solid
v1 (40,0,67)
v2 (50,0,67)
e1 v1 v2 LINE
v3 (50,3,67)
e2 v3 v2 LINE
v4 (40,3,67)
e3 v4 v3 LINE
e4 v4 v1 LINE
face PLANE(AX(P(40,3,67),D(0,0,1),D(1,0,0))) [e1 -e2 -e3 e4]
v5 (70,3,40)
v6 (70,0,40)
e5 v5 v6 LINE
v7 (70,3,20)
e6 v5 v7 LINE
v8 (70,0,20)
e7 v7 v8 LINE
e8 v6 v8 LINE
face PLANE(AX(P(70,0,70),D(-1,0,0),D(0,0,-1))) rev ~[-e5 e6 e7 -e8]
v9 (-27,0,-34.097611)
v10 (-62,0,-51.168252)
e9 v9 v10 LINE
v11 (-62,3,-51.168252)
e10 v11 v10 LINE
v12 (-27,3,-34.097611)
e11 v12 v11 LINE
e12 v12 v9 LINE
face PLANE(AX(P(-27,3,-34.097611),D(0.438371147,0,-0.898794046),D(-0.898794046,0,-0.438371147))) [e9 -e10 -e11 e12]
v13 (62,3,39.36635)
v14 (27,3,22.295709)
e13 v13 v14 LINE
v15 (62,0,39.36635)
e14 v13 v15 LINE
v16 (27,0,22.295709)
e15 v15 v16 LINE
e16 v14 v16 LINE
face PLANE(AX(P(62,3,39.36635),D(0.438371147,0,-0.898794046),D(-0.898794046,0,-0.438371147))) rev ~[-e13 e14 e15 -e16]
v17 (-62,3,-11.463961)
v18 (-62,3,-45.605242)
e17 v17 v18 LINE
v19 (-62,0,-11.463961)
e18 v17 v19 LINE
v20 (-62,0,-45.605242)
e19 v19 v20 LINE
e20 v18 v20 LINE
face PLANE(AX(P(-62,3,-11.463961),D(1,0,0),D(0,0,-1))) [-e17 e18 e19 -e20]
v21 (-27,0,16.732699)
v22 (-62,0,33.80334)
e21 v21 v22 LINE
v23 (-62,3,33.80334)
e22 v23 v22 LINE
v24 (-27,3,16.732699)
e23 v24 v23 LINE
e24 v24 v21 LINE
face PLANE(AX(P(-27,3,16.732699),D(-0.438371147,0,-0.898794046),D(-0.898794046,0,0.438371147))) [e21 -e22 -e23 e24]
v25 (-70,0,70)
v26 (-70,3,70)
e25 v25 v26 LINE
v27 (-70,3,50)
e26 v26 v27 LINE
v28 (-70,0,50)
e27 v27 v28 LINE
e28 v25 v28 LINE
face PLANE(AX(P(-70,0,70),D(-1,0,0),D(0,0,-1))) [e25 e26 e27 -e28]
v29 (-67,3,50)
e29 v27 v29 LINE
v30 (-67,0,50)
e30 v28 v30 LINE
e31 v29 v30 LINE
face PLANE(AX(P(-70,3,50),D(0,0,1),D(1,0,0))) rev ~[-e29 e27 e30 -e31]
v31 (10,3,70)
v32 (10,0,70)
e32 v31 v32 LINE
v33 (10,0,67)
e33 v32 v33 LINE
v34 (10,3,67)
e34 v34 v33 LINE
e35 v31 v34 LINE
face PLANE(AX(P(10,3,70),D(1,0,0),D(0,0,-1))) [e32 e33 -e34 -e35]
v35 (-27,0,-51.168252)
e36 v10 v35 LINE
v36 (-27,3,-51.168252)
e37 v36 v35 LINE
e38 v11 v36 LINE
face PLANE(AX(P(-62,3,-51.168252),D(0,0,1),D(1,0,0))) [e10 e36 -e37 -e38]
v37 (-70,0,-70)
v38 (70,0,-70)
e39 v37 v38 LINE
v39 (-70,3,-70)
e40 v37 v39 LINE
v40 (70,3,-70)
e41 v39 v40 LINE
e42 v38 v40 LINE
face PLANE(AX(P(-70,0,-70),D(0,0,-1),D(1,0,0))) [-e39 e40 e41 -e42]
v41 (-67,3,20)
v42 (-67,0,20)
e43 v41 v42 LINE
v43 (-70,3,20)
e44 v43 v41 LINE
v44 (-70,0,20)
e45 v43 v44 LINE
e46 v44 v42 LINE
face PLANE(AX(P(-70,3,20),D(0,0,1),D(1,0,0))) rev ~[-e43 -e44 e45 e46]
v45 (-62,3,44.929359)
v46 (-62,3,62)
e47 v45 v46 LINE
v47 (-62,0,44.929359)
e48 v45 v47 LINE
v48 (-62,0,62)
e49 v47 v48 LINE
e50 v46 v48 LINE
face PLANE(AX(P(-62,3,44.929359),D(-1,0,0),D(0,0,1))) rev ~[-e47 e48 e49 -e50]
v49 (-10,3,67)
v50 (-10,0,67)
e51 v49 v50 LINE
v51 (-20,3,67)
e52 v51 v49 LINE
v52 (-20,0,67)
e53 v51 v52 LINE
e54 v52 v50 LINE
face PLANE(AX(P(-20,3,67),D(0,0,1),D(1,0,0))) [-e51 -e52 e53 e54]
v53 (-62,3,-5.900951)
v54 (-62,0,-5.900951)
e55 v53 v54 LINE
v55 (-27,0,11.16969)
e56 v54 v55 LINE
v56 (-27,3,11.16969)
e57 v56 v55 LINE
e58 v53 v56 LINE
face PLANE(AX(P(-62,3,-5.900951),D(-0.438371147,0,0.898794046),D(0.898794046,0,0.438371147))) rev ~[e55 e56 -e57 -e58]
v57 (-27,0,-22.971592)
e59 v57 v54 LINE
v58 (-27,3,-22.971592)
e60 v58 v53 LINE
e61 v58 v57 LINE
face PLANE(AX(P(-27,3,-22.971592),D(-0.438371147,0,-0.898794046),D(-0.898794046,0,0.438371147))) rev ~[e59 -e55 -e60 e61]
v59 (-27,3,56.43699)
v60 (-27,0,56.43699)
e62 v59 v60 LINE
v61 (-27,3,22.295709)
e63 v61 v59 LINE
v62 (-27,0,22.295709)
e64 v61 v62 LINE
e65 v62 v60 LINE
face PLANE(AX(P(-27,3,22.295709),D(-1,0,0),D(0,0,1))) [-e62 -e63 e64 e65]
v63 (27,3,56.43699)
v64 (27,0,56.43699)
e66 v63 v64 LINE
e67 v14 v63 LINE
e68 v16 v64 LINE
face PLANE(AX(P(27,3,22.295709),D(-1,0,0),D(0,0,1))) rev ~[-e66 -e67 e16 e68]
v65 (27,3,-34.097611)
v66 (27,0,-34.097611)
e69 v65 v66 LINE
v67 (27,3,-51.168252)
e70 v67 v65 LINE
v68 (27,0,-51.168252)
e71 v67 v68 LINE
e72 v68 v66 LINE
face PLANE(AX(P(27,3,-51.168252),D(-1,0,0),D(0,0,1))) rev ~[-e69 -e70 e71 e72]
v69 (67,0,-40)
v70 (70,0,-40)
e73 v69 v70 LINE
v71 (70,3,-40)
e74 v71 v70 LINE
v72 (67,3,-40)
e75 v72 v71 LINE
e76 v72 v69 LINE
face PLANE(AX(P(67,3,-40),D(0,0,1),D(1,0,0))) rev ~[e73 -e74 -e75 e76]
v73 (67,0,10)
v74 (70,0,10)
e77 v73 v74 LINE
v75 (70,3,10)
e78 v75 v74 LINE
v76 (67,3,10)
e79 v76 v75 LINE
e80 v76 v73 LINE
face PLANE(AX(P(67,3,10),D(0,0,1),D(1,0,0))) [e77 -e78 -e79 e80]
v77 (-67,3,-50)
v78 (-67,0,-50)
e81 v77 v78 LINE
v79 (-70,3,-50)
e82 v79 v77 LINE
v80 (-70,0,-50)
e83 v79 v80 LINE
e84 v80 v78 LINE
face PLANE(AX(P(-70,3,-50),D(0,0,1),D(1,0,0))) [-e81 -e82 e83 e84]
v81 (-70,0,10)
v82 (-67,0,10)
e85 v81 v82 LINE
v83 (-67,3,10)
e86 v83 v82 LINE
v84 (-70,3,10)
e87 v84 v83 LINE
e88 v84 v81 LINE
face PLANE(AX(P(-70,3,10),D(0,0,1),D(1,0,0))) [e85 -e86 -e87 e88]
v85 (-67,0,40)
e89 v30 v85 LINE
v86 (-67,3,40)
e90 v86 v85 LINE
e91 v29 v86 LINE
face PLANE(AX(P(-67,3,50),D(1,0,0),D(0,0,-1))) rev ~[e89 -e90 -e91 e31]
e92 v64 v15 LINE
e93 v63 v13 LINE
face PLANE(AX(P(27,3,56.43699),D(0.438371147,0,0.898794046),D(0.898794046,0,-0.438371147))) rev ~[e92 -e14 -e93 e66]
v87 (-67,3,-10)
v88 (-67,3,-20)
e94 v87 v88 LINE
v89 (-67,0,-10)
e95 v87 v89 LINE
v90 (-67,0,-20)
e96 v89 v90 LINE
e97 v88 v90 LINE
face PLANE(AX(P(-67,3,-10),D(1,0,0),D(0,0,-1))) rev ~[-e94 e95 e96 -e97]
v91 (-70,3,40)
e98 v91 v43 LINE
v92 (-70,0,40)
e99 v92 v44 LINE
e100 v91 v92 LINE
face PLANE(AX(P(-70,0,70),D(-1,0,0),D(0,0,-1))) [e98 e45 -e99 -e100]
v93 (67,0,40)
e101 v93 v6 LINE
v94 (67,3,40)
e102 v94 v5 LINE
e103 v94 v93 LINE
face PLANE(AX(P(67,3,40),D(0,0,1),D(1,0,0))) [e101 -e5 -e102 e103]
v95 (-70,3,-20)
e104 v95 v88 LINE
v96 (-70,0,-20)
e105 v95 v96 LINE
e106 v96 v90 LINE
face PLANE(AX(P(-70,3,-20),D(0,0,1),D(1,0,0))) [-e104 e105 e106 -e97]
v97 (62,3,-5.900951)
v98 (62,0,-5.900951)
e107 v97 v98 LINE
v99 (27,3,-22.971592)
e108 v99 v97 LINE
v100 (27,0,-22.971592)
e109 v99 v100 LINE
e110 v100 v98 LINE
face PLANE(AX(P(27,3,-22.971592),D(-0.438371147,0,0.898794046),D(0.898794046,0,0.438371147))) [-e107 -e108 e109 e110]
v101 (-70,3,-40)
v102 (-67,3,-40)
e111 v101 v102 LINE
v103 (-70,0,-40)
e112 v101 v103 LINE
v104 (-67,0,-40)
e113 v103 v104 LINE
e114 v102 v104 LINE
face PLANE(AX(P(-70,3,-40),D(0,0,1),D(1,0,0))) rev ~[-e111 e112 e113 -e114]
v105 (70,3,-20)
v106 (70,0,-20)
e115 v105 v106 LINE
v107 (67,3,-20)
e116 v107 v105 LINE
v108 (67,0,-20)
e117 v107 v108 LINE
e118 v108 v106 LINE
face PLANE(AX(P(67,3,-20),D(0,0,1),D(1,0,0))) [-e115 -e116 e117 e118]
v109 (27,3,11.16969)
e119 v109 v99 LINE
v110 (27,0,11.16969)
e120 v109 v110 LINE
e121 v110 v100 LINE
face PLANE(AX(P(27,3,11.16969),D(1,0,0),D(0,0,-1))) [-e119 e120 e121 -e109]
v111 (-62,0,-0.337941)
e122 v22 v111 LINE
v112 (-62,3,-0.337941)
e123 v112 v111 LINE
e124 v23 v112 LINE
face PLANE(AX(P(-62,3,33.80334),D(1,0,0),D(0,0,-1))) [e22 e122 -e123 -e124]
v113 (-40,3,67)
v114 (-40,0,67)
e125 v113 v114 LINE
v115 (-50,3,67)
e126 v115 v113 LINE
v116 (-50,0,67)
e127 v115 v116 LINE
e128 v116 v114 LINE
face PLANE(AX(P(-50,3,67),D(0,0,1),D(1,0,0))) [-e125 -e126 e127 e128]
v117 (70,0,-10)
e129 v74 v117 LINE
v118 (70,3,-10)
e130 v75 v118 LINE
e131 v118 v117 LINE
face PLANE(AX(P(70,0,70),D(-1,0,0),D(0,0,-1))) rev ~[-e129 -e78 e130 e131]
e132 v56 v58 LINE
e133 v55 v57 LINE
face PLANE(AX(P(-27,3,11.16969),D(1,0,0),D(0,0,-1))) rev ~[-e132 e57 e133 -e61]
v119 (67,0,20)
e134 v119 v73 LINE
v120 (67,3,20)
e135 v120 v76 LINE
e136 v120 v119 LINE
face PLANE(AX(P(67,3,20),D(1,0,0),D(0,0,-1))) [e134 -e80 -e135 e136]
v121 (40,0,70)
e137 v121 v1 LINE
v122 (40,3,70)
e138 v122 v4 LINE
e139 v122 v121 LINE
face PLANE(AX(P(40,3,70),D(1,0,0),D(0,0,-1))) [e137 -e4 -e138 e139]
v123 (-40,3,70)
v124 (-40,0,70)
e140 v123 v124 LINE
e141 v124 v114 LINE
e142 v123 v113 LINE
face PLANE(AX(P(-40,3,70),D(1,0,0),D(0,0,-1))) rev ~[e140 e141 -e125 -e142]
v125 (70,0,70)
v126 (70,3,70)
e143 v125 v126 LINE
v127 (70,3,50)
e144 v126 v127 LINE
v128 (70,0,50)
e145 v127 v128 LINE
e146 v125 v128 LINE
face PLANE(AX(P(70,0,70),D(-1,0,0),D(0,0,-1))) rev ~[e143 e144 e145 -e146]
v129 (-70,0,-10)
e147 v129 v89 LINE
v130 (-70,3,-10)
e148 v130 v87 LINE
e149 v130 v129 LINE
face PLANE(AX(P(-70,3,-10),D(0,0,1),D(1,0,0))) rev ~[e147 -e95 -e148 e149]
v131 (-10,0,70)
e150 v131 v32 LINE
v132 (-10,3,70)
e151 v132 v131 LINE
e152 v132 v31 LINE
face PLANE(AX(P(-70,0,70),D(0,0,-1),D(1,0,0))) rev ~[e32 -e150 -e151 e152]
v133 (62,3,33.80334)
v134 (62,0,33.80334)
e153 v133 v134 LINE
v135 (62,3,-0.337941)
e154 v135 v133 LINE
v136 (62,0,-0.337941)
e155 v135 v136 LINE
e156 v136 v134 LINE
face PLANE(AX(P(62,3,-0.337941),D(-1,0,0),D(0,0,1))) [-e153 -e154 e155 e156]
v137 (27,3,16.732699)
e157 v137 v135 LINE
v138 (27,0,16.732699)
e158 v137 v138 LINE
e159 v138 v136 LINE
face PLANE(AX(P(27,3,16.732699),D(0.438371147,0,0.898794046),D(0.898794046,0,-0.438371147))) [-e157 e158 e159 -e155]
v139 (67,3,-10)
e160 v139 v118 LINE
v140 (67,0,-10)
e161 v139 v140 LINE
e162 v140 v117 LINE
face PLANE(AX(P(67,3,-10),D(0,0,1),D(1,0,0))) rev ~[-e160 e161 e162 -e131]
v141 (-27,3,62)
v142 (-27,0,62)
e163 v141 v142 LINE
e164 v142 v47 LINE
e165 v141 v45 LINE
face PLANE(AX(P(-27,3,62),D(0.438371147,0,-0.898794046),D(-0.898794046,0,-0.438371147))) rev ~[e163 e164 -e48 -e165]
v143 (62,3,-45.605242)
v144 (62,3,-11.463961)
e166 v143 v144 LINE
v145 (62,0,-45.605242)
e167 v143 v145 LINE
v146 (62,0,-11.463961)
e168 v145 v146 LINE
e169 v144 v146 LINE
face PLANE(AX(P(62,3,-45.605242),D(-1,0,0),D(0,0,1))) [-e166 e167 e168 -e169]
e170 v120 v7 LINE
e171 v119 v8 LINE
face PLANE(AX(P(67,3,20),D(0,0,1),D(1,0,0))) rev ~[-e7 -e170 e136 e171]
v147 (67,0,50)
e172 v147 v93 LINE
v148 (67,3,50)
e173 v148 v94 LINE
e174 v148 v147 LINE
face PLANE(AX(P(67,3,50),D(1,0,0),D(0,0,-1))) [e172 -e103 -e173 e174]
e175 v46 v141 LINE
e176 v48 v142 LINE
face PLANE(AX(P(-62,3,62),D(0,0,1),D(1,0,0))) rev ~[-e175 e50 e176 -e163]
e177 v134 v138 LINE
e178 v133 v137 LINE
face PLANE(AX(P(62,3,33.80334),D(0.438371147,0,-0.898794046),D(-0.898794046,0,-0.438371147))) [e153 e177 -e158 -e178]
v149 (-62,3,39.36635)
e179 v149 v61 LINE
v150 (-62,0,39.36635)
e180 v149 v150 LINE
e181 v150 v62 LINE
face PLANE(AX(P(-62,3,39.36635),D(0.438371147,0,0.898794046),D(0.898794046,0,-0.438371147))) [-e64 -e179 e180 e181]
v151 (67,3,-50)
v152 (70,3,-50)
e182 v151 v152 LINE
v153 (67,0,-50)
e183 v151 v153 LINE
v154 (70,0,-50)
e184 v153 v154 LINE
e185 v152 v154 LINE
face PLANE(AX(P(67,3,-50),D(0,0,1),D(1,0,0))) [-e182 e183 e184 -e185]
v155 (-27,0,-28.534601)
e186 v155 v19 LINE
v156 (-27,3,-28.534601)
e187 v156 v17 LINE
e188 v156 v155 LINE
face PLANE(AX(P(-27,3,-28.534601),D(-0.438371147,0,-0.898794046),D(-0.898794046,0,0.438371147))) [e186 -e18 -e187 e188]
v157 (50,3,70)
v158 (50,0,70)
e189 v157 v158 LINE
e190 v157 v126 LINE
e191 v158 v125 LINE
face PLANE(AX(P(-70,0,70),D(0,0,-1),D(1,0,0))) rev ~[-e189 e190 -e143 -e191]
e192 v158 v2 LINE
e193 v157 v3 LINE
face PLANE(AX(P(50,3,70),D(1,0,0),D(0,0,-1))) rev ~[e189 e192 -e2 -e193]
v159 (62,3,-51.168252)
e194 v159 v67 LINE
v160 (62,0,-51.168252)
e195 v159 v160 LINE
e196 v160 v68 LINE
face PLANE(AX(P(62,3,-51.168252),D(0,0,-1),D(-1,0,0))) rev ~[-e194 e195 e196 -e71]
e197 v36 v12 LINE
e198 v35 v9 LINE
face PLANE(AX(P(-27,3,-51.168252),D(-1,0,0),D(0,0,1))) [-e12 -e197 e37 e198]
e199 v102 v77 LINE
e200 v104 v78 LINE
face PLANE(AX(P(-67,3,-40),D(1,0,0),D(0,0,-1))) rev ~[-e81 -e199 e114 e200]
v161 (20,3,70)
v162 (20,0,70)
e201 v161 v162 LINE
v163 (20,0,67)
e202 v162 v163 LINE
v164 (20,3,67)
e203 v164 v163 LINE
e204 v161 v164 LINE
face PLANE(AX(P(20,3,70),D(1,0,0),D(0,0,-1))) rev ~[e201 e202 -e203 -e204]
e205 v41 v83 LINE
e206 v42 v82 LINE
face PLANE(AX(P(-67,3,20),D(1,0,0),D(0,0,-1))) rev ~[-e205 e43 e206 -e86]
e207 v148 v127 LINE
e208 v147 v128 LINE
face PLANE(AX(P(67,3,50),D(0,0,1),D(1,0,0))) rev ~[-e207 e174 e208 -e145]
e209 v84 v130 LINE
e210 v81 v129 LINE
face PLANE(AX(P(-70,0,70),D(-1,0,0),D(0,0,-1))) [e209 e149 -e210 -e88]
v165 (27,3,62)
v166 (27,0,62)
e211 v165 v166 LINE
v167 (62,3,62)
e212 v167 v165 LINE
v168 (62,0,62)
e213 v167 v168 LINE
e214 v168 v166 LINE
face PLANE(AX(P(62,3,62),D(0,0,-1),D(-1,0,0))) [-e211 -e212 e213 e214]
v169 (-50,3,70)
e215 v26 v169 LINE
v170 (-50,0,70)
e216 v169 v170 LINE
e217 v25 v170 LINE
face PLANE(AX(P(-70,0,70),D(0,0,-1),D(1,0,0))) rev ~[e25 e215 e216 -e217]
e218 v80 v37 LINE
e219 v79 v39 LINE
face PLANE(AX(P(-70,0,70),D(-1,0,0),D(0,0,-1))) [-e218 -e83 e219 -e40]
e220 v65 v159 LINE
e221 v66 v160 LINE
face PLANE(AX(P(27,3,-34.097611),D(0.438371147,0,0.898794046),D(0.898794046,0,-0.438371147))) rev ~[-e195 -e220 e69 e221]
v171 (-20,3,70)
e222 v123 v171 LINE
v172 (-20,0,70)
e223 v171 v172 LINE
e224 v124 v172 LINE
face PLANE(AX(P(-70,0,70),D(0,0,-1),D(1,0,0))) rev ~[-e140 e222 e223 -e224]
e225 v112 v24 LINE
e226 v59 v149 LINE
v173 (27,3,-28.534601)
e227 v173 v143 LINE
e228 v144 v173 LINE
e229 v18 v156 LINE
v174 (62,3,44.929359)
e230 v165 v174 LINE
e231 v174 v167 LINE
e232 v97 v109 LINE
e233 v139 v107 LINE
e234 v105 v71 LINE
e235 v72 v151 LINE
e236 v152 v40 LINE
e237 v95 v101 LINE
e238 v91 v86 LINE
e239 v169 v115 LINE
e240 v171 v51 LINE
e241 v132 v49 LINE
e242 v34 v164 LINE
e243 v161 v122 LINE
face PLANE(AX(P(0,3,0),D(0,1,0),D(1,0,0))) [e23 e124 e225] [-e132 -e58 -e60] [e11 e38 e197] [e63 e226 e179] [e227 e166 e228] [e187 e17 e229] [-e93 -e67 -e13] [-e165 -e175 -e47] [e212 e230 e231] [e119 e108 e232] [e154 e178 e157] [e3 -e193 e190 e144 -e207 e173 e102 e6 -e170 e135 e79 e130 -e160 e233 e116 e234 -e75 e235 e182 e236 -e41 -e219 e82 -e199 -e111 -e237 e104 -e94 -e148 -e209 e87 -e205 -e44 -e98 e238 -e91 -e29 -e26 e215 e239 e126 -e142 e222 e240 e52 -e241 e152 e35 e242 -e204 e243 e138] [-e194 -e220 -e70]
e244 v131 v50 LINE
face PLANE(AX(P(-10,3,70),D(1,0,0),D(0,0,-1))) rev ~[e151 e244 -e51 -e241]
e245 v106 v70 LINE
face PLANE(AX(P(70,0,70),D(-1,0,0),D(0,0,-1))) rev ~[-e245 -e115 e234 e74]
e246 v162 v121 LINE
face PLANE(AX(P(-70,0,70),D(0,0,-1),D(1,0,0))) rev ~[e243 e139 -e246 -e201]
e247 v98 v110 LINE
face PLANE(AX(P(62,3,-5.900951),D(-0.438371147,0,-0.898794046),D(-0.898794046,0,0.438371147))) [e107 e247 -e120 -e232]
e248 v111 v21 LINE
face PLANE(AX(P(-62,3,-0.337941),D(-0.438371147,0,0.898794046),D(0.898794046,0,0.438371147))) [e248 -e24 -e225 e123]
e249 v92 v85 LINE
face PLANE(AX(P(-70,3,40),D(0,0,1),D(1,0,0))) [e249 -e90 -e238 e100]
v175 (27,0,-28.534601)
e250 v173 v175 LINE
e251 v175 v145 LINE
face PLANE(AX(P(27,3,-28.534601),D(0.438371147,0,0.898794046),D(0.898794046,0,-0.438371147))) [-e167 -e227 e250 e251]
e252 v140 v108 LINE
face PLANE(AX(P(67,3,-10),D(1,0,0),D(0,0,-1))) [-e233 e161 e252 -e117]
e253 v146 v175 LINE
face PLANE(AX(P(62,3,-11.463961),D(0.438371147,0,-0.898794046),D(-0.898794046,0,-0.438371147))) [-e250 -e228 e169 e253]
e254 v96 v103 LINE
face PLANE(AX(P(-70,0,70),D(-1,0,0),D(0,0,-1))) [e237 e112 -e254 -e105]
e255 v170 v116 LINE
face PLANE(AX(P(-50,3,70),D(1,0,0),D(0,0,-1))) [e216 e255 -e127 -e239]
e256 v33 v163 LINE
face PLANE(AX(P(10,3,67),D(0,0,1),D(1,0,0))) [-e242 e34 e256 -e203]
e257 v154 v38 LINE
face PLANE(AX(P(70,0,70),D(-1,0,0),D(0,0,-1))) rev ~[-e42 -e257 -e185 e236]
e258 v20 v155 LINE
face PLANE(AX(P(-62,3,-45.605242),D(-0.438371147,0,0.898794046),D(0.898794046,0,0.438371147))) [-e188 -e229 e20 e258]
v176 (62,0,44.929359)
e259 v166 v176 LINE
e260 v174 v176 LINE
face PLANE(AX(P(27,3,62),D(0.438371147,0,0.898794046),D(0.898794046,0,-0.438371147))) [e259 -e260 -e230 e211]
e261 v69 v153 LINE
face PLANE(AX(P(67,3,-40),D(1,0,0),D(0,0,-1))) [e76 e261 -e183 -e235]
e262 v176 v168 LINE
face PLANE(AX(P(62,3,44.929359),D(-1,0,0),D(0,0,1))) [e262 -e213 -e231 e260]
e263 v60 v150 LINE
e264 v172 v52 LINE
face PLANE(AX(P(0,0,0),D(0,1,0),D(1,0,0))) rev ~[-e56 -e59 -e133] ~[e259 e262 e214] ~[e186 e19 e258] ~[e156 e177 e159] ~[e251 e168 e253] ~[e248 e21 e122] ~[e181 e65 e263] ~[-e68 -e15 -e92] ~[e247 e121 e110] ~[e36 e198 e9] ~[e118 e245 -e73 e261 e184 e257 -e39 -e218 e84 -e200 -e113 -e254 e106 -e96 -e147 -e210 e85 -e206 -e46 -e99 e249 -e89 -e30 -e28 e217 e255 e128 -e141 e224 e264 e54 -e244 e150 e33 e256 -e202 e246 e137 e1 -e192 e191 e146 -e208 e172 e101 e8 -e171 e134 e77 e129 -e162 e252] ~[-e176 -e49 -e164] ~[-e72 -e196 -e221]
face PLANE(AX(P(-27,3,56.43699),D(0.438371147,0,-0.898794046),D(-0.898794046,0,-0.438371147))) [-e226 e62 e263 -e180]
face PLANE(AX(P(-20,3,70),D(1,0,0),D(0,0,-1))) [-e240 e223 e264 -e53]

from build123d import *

# Parameters (mm, degrees)
SKETCH1_W           = 140
SKETCH1_H           = 140
BOSS_EXTRUDE1_DEPTH = 3
CUT_EXTRUDE1_DEPTH  = 10
SKETCH3_W           = 3
SKETCH3_H           = 10
CUT_EXTRUDE2_DEPTH  = 13
SKETCH4_W           = 10
SKETCH4_H           = 3
CUT_EXTRUDE3_DEPTH  = 13


with BuildPart() as part:
    # Sketch1 → Boss-Extrude1 (new body)
    with BuildSketch(Plane(origin=(0, 0, 0), x_dir=(1, 0, 0), z_dir=(0, 1, 0))):
        Rectangle(SKETCH1_W, SKETCH1_H)
    extrude(amount=BOSS_EXTRUDE1_DEPTH)

    # Sketch2 → Cut-Extrude1 (cut)
    with BuildSketch(Plane(origin=(0, 3, 0), x_dir=(1, 0, 0), z_dir=(0, 1, 0))):
        Polygon((62, -62), (27, -62), (62, -44.9293594), align=None)
        Polygon((27, -56.436990298), (62, -39.366349698), (27, -22.295709098), align=None)
        Polygon((27, -16.732699396), (62, 0.337941204), (62, -33.803339995), align=None)
        Polygon((62, 5.900950907), (27, -11.169689693), (27, 22.971591506), align=None)
        Polygon((27, 28.534601209), (62, 45.605241809), (62, 11.463960609), align=None)
        Polygon((27, 34.097610911), (62, 51.168251511), (27, 51.168251511), align=None)
        Polygon((-27, -62), (-62, -44.9293594), (-62, -62), align=None)
        Polygon((-62, -39.366349698), (-27, -22.295709098), (-27, -56.436990298), align=None)
        Polygon((-27, -16.732699396), (-62, -33.803339995), (-62, 0.337941204), align=None)
        Polygon((-27, 22.971591506), (-62, 5.900950907), (-27, -11.169689693), align=None)
        Polygon((-27, 28.534601209), (-62, 11.463960609), (-62, 45.605241809), align=None)
        Polygon((-62, 51.168251511), (-27, 51.168251511), (-27, 34.097610911), align=None)
    extrude(amount=-CUT_EXTRUDE1_DEPTH, mode=Mode.SUBTRACT)

    # Sketch3 → Cut-Extrude2 (cut)
    with BuildSketch(Plane(origin=(0, 3, 0), x_dir=(1, 0, 0), z_dir=(0, 1, 0))):
        with Locations((68.5, -45)):
            Rectangle(SKETCH3_W, SKETCH3_H)
        with Locations((68.5, -15)):
            Rectangle(SKETCH3_W, SKETCH3_H)
        with Locations((68.5, 15)):
            Rectangle(SKETCH3_W, SKETCH3_H)
        with Locations((68.5, 45)):
            Rectangle(SKETCH3_W, SKETCH3_H)
        with Locations((-68.5, -45)):
            Rectangle(SKETCH3_W, SKETCH3_H)
        with Locations((-68.5, -15)):
            Rectangle(SKETCH3_W, SKETCH3_H)
        with Locations((-68.5, 15)):
            Rectangle(SKETCH3_W, SKETCH3_H)
        with Locations((-68.5, 45)):
            Rectangle(SKETCH3_W, SKETCH3_H)
    extrude(amount=-CUT_EXTRUDE2_DEPTH, mode=Mode.SUBTRACT)

    # Sketch4 → Cut-Extrude3 (cut)
    with BuildSketch(Plane(origin=(0, 3, 0), x_dir=(1, 0, 0), z_dir=(0, 1, 0))):
        with Locations((-45, -68.5)):
            Rectangle(SKETCH4_W, SKETCH4_H)
        with Locations((-15, -68.5)):
            Rectangle(SKETCH4_W, SKETCH4_H)
        with Locations((15, -68.5)):
            Rectangle(SKETCH4_W, SKETCH4_H)
        with Locations((45, -68.5)):
            Rectangle(SKETCH4_W, SKETCH4_H)
    extrude(amount=-CUT_EXTRUDE3_DEPTH, mode=Mode.SUBTRACT)


solid = part.part
